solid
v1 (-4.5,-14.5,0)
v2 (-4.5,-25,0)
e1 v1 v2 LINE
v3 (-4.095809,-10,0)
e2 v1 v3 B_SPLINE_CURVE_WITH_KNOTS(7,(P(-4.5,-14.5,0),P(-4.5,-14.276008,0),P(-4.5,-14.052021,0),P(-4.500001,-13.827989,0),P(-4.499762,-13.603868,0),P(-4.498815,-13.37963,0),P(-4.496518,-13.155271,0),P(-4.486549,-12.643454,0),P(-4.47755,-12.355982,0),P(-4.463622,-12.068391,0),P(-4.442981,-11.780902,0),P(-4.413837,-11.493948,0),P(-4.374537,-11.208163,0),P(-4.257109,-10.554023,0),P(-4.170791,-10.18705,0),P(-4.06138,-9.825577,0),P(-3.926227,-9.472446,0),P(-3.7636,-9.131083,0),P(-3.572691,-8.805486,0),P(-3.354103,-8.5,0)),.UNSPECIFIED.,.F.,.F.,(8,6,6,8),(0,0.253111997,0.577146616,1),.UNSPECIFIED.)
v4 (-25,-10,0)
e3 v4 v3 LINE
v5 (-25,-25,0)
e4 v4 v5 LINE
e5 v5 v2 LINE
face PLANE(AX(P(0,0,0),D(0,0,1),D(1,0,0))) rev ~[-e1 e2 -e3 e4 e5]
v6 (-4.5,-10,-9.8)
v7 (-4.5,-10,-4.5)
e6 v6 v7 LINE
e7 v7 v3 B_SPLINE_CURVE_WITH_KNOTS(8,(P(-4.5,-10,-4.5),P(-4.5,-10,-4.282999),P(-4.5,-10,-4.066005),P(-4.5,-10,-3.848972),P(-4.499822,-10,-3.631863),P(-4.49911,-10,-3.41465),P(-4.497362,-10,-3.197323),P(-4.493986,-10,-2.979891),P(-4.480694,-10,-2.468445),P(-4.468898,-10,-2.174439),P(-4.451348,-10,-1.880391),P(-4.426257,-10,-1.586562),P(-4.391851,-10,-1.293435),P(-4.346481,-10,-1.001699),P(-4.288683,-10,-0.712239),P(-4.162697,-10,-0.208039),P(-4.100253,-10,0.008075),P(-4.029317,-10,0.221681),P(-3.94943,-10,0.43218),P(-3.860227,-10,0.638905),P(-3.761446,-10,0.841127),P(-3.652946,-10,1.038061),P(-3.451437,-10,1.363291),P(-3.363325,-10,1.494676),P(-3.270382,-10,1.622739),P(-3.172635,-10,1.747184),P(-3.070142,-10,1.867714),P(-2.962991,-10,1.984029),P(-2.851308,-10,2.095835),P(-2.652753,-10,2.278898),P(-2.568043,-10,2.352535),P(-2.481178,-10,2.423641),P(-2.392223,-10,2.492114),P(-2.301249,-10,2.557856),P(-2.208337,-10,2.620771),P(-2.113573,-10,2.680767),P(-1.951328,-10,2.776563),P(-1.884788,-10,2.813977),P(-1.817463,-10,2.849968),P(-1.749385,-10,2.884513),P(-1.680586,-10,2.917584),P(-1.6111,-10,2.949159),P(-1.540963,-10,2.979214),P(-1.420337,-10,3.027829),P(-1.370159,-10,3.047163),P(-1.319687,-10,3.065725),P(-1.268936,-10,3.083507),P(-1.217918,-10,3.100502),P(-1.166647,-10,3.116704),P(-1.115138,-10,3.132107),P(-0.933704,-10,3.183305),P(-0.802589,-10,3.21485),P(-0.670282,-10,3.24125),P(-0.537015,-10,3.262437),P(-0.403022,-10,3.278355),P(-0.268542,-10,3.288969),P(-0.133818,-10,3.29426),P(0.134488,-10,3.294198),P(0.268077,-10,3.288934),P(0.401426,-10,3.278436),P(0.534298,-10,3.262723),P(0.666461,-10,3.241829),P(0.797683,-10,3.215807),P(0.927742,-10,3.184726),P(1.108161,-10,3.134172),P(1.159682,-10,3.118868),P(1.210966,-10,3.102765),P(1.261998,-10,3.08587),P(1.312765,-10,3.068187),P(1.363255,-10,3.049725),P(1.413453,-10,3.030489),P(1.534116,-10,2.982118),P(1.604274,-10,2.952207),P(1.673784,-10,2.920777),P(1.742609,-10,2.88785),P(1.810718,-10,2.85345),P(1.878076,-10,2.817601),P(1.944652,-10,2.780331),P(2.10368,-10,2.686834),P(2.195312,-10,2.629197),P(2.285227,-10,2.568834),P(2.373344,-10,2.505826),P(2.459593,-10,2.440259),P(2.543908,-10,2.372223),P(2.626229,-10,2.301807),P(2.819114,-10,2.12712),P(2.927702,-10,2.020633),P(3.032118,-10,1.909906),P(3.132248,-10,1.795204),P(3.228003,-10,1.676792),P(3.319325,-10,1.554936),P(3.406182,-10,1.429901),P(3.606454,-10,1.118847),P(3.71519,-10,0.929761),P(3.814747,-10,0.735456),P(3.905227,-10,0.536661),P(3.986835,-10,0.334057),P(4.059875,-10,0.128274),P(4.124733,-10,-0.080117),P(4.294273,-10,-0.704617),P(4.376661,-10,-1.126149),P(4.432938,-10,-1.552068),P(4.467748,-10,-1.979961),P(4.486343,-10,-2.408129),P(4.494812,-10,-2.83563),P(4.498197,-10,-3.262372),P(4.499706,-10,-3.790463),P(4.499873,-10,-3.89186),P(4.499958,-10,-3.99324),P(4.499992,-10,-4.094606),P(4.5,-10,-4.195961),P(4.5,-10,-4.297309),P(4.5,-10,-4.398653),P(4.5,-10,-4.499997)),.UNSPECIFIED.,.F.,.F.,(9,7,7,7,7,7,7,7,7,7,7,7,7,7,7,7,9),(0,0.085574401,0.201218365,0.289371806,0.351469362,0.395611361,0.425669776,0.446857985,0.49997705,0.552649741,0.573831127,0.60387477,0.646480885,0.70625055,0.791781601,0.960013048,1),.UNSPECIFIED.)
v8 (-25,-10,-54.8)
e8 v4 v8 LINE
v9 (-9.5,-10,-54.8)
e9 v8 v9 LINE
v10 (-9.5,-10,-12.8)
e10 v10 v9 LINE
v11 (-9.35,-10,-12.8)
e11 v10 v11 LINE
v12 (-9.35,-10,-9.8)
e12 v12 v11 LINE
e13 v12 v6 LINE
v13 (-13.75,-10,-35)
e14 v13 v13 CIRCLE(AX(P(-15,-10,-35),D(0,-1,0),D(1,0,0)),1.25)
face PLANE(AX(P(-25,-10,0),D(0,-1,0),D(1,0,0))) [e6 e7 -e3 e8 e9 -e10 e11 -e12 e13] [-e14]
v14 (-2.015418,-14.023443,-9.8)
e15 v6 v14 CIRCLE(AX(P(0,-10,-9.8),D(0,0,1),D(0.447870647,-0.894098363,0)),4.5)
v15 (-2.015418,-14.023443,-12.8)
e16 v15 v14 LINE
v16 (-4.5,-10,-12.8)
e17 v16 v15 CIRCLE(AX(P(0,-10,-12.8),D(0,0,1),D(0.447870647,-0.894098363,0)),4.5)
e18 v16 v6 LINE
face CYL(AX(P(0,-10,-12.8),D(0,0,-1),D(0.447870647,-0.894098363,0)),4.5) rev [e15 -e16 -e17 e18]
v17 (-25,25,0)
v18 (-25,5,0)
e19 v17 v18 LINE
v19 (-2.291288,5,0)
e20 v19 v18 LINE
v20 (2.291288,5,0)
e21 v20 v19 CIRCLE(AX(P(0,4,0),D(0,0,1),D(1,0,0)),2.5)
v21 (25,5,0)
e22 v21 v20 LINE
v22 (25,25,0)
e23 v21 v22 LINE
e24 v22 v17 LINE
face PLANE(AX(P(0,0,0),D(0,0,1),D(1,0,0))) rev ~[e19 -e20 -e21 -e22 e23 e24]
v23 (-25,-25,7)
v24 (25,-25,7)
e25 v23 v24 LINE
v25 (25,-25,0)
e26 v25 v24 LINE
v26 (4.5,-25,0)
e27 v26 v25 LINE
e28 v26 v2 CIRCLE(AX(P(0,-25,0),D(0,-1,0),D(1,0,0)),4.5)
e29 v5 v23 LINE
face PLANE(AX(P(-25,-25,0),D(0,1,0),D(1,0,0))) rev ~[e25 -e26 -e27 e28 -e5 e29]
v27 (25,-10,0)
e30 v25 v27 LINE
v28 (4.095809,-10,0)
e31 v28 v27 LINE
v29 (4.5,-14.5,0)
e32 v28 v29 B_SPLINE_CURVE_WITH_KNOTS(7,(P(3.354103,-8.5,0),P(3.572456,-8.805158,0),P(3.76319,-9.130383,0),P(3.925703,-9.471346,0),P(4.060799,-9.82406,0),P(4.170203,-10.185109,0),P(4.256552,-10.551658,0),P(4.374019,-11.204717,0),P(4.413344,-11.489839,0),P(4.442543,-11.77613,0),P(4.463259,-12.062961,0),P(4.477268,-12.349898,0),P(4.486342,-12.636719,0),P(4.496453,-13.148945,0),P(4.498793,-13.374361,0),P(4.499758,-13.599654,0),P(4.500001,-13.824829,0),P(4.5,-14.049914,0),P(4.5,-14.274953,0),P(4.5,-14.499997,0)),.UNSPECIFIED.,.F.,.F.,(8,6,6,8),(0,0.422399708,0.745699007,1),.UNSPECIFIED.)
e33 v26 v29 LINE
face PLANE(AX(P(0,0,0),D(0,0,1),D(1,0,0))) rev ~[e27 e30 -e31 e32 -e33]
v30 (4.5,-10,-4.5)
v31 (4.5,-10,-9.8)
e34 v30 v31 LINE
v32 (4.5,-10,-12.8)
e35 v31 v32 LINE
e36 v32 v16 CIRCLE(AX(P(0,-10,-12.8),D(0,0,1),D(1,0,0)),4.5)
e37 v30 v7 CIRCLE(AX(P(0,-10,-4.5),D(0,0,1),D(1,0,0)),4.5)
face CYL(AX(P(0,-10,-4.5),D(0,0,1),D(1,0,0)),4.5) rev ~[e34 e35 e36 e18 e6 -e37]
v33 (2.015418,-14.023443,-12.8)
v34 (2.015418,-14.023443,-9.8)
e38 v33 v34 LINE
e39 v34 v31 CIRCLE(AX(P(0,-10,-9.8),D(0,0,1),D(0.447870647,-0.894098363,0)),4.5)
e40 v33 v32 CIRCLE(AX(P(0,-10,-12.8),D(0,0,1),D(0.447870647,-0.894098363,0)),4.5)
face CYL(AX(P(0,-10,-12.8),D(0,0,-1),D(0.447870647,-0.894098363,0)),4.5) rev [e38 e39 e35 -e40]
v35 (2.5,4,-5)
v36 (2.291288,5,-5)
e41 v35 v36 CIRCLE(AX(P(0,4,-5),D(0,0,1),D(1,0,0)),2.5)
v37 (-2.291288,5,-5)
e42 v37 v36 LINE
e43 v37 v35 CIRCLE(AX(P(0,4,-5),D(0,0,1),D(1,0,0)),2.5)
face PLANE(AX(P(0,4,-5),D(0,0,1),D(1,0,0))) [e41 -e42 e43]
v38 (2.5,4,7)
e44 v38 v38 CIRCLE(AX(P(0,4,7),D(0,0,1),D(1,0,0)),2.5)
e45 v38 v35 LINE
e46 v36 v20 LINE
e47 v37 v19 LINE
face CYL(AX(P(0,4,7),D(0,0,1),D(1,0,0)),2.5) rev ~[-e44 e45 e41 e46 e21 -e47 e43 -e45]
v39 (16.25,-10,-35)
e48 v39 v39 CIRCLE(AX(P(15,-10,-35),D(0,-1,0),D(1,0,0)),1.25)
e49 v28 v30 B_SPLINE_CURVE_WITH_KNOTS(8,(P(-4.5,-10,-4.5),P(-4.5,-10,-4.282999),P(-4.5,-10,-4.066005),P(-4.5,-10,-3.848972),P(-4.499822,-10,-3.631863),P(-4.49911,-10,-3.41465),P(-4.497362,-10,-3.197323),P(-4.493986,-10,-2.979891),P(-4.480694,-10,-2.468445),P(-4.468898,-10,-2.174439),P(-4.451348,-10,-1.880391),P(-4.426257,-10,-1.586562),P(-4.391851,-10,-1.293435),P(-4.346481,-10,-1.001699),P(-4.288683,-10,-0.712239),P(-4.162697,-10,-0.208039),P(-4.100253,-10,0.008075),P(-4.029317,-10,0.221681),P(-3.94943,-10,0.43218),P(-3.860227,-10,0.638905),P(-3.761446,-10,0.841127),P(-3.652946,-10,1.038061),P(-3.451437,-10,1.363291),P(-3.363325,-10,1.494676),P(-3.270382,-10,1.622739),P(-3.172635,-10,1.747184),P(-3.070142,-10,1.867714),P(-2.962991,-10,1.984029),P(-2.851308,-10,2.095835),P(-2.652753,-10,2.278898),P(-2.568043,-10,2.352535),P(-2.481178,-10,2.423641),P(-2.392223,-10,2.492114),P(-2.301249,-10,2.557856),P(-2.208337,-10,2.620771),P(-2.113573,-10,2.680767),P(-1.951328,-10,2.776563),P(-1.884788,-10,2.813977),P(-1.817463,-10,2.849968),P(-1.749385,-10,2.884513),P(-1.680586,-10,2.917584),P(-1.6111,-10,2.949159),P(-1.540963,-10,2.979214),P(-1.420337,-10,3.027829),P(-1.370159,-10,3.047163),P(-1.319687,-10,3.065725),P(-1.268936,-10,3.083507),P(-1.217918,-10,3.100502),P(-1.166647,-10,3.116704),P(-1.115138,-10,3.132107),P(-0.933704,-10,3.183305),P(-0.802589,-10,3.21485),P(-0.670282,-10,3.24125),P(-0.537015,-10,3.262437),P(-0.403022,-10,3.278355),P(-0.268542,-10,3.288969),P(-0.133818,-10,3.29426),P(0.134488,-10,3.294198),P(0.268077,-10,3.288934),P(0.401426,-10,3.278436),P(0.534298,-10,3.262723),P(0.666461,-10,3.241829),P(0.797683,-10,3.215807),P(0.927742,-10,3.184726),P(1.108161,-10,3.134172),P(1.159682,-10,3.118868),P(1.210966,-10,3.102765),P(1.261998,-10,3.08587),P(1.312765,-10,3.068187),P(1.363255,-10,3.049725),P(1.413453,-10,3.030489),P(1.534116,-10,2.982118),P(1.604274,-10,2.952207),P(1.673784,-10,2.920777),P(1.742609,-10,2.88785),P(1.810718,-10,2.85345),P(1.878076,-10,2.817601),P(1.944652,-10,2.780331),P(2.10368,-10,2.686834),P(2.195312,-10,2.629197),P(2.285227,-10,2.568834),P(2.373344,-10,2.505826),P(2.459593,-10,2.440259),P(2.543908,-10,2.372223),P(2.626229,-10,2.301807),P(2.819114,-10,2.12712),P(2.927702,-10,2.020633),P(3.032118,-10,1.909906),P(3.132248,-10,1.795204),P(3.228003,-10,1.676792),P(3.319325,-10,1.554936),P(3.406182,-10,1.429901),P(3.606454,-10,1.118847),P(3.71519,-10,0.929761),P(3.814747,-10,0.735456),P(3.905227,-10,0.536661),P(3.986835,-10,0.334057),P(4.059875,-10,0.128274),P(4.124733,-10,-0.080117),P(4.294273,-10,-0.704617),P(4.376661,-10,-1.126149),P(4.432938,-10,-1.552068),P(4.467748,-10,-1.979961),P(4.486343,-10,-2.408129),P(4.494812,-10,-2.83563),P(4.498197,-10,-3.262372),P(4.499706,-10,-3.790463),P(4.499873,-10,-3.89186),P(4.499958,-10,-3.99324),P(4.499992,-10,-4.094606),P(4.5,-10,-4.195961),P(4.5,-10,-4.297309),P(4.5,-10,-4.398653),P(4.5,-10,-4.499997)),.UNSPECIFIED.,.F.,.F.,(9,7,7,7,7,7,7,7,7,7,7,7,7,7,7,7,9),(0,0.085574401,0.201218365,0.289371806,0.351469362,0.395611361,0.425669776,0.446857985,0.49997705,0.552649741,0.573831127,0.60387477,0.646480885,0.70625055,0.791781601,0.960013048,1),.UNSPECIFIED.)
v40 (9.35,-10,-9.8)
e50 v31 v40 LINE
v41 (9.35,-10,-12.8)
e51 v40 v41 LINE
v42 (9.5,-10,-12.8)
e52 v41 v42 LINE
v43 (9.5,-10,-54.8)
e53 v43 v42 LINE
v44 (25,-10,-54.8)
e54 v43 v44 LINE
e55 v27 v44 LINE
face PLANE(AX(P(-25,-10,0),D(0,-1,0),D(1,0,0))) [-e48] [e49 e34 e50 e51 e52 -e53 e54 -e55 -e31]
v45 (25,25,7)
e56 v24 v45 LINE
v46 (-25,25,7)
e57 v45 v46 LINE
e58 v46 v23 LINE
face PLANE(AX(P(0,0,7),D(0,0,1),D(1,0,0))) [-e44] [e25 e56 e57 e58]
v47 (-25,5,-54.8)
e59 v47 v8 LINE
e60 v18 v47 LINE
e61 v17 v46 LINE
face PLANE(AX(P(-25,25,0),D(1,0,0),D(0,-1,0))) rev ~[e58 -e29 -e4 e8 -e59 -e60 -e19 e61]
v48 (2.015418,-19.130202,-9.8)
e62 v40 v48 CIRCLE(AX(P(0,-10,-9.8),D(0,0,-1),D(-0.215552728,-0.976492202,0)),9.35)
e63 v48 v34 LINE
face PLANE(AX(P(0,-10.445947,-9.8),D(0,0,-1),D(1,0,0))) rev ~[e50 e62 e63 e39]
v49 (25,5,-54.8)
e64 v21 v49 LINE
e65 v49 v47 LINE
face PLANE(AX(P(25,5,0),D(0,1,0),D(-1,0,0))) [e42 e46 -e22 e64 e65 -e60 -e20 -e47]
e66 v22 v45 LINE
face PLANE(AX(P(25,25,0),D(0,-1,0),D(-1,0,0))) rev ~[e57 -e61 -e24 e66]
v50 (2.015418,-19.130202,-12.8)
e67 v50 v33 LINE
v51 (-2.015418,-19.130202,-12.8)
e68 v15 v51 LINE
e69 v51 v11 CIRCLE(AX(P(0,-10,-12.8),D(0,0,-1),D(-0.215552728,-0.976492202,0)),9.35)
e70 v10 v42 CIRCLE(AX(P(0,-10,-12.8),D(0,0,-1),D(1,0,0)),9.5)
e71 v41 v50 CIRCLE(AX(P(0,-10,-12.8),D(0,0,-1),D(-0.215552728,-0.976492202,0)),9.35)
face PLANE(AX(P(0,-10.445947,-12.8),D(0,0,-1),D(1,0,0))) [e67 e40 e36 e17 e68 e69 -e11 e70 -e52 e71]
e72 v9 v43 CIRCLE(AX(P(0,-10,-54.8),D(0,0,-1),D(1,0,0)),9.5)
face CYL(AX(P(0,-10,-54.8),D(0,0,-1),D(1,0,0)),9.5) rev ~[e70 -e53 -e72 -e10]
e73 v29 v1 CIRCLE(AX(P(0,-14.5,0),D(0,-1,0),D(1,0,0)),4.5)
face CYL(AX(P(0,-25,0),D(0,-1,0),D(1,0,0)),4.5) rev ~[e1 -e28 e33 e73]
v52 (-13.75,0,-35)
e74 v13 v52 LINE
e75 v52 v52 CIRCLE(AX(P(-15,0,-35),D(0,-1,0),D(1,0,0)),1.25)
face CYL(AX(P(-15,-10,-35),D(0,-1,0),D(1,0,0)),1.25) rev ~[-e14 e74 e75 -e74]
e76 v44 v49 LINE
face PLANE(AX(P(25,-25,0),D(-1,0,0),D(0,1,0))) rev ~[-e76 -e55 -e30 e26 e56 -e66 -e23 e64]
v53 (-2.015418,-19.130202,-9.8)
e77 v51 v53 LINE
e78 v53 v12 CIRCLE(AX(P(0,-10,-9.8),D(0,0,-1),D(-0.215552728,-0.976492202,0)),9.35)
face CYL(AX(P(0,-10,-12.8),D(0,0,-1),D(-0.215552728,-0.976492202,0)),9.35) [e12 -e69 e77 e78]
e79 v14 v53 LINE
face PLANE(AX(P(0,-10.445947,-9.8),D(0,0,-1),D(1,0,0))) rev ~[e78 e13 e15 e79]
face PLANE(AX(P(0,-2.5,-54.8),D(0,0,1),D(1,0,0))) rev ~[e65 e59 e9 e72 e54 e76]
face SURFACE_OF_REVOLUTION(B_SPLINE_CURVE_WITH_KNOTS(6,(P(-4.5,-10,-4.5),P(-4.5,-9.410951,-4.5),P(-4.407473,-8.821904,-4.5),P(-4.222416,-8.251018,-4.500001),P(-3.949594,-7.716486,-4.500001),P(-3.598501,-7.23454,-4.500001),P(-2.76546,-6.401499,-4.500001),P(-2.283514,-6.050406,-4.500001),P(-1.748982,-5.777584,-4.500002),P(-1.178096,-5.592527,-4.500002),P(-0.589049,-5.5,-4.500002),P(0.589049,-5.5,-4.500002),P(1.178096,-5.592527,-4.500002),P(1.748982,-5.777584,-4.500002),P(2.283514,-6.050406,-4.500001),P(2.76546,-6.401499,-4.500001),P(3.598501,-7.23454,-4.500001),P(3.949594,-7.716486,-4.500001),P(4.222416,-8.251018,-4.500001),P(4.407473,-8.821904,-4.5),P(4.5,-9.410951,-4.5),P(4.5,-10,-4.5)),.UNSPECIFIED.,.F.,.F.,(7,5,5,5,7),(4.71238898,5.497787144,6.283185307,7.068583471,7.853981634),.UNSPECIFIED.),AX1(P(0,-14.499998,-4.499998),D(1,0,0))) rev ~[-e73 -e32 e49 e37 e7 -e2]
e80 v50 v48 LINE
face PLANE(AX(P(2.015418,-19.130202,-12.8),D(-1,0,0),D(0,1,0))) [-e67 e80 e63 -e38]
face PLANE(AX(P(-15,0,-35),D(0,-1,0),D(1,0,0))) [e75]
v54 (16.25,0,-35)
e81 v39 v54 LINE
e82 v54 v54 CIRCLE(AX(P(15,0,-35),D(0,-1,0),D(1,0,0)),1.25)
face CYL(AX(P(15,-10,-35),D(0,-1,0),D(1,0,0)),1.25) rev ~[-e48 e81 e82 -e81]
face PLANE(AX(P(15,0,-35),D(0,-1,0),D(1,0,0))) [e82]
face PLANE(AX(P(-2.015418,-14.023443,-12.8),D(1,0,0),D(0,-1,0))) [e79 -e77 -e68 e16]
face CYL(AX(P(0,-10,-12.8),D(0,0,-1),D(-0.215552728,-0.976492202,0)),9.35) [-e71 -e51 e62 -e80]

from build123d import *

# Parameters (mm, degrees)
F1_DEPTH  = 7
F4_DEPTH  = 54.8
F5_R      = 9.5
F6_DEPTH  = 42
F8_R      = 4.5
F9_DEPTH  = 25
F10_R     = 4.5
F11_DEPTH = 10.5
F12_R     = 4.5
F15_R     = 1.25
F16_DEPTH = 10
F18_DEPTH = 3
F2_R      = 2.5
F19_DEPTH = 12


with BuildPart() as f1:
    # F0 (on Top) → F1 (new body)
    with BuildSketch(Plane.XY):
        Polygon((-25, -25), (0, -25), (25, -25), (25, 25), (-25, 25), align=None)
    extrude(amount=F1_DEPTH)

    # F3 (on face) → F4 (join)
    with BuildSketch(Plane.XY):
        Polygon((-25, -10), (0, -10), (25, -10), (25, 5), (-25, 5), align=None)
    extrude(amount=-F4_DEPTH)

    # F5 (on face) → F6 (cut)
    with BuildSketch(Plane(origin=(0, 0, -54.8), x_dir=(1, 0, 0), z_dir=(0, 0, -1))):
        with Locations((0, 10)):
            Circle(F5_R)
    extrude(amount=-F6_DEPTH, mode=Mode.SUBTRACT)

    # F8 (on offset) → F9 (cut)
    with BuildSketch(Plane.XY.offset(-4.5)):
        with Locations((0, -10)):
            Circle(F8_R)
    extrude(amount=-F9_DEPTH, mode=Mode.SUBTRACT)

    # F10 (on face) → F11 (cut)
    with BuildSketch(Plane.XZ.offset(25)):
        Circle(F10_R)
    extrude(amount=-F11_DEPTH, mode=Mode.SUBTRACT)

    # F14: sweep along a path in F13
    with BuildLine(Plane.YZ) as f14_path:
        ThreePointArc((-10, -4.5), (-11.318019, -1.318019), (-14.5, 0))
    # F12 (on offset) → F14 (sweep, cut)
    with BuildSketch(Plane.XY.offset(-4.5)):
        with Locations((0, -10)):
            Circle(F12_R)
    sweep(path=f14_path.line, mode=Mode.SUBTRACT)

    # F15 (on face) → F16 (cut)
    with BuildSketch(Plane.XZ.offset(10)):
        with Locations((15, -35)):
            Circle(F15_R)
        with Locations((-15, -35)):
            Circle(F15_R)
    extrude(amount=-F16_DEPTH, mode=Mode.SUBTRACT)

    # F17 (on face) → F18 (join)
    with BuildSketch(Plane(origin=(0, 0, -12.8), x_dir=(1, 0, 0), z_dir=(0, 0, -1))):
        with BuildLine():
            Line((-2.015418, 14.023443), (-2.015418, 19.130202))
            ThreePointArc((-2.015418, 19.130202), (0, 0.65), (2.015418, 19.130202))
            Line((2.015418, 19.130202), (2.015418, 14.023443))
            ThreePointArc((2.015418, 14.023443), (0, 5.5), (-2.015418, 14.023443))
        make_face()
    extrude(amount=-F18_DEPTH)

    # F2 (on face) → F19 (cut)
    with BuildSketch(Plane.XY.offset(7)):
        with Locations((0, 4)):
            Circle(F2_R)
    extrude(amount=-F19_DEPTH, mode=Mode.SUBTRACT)


solid = f1.part
